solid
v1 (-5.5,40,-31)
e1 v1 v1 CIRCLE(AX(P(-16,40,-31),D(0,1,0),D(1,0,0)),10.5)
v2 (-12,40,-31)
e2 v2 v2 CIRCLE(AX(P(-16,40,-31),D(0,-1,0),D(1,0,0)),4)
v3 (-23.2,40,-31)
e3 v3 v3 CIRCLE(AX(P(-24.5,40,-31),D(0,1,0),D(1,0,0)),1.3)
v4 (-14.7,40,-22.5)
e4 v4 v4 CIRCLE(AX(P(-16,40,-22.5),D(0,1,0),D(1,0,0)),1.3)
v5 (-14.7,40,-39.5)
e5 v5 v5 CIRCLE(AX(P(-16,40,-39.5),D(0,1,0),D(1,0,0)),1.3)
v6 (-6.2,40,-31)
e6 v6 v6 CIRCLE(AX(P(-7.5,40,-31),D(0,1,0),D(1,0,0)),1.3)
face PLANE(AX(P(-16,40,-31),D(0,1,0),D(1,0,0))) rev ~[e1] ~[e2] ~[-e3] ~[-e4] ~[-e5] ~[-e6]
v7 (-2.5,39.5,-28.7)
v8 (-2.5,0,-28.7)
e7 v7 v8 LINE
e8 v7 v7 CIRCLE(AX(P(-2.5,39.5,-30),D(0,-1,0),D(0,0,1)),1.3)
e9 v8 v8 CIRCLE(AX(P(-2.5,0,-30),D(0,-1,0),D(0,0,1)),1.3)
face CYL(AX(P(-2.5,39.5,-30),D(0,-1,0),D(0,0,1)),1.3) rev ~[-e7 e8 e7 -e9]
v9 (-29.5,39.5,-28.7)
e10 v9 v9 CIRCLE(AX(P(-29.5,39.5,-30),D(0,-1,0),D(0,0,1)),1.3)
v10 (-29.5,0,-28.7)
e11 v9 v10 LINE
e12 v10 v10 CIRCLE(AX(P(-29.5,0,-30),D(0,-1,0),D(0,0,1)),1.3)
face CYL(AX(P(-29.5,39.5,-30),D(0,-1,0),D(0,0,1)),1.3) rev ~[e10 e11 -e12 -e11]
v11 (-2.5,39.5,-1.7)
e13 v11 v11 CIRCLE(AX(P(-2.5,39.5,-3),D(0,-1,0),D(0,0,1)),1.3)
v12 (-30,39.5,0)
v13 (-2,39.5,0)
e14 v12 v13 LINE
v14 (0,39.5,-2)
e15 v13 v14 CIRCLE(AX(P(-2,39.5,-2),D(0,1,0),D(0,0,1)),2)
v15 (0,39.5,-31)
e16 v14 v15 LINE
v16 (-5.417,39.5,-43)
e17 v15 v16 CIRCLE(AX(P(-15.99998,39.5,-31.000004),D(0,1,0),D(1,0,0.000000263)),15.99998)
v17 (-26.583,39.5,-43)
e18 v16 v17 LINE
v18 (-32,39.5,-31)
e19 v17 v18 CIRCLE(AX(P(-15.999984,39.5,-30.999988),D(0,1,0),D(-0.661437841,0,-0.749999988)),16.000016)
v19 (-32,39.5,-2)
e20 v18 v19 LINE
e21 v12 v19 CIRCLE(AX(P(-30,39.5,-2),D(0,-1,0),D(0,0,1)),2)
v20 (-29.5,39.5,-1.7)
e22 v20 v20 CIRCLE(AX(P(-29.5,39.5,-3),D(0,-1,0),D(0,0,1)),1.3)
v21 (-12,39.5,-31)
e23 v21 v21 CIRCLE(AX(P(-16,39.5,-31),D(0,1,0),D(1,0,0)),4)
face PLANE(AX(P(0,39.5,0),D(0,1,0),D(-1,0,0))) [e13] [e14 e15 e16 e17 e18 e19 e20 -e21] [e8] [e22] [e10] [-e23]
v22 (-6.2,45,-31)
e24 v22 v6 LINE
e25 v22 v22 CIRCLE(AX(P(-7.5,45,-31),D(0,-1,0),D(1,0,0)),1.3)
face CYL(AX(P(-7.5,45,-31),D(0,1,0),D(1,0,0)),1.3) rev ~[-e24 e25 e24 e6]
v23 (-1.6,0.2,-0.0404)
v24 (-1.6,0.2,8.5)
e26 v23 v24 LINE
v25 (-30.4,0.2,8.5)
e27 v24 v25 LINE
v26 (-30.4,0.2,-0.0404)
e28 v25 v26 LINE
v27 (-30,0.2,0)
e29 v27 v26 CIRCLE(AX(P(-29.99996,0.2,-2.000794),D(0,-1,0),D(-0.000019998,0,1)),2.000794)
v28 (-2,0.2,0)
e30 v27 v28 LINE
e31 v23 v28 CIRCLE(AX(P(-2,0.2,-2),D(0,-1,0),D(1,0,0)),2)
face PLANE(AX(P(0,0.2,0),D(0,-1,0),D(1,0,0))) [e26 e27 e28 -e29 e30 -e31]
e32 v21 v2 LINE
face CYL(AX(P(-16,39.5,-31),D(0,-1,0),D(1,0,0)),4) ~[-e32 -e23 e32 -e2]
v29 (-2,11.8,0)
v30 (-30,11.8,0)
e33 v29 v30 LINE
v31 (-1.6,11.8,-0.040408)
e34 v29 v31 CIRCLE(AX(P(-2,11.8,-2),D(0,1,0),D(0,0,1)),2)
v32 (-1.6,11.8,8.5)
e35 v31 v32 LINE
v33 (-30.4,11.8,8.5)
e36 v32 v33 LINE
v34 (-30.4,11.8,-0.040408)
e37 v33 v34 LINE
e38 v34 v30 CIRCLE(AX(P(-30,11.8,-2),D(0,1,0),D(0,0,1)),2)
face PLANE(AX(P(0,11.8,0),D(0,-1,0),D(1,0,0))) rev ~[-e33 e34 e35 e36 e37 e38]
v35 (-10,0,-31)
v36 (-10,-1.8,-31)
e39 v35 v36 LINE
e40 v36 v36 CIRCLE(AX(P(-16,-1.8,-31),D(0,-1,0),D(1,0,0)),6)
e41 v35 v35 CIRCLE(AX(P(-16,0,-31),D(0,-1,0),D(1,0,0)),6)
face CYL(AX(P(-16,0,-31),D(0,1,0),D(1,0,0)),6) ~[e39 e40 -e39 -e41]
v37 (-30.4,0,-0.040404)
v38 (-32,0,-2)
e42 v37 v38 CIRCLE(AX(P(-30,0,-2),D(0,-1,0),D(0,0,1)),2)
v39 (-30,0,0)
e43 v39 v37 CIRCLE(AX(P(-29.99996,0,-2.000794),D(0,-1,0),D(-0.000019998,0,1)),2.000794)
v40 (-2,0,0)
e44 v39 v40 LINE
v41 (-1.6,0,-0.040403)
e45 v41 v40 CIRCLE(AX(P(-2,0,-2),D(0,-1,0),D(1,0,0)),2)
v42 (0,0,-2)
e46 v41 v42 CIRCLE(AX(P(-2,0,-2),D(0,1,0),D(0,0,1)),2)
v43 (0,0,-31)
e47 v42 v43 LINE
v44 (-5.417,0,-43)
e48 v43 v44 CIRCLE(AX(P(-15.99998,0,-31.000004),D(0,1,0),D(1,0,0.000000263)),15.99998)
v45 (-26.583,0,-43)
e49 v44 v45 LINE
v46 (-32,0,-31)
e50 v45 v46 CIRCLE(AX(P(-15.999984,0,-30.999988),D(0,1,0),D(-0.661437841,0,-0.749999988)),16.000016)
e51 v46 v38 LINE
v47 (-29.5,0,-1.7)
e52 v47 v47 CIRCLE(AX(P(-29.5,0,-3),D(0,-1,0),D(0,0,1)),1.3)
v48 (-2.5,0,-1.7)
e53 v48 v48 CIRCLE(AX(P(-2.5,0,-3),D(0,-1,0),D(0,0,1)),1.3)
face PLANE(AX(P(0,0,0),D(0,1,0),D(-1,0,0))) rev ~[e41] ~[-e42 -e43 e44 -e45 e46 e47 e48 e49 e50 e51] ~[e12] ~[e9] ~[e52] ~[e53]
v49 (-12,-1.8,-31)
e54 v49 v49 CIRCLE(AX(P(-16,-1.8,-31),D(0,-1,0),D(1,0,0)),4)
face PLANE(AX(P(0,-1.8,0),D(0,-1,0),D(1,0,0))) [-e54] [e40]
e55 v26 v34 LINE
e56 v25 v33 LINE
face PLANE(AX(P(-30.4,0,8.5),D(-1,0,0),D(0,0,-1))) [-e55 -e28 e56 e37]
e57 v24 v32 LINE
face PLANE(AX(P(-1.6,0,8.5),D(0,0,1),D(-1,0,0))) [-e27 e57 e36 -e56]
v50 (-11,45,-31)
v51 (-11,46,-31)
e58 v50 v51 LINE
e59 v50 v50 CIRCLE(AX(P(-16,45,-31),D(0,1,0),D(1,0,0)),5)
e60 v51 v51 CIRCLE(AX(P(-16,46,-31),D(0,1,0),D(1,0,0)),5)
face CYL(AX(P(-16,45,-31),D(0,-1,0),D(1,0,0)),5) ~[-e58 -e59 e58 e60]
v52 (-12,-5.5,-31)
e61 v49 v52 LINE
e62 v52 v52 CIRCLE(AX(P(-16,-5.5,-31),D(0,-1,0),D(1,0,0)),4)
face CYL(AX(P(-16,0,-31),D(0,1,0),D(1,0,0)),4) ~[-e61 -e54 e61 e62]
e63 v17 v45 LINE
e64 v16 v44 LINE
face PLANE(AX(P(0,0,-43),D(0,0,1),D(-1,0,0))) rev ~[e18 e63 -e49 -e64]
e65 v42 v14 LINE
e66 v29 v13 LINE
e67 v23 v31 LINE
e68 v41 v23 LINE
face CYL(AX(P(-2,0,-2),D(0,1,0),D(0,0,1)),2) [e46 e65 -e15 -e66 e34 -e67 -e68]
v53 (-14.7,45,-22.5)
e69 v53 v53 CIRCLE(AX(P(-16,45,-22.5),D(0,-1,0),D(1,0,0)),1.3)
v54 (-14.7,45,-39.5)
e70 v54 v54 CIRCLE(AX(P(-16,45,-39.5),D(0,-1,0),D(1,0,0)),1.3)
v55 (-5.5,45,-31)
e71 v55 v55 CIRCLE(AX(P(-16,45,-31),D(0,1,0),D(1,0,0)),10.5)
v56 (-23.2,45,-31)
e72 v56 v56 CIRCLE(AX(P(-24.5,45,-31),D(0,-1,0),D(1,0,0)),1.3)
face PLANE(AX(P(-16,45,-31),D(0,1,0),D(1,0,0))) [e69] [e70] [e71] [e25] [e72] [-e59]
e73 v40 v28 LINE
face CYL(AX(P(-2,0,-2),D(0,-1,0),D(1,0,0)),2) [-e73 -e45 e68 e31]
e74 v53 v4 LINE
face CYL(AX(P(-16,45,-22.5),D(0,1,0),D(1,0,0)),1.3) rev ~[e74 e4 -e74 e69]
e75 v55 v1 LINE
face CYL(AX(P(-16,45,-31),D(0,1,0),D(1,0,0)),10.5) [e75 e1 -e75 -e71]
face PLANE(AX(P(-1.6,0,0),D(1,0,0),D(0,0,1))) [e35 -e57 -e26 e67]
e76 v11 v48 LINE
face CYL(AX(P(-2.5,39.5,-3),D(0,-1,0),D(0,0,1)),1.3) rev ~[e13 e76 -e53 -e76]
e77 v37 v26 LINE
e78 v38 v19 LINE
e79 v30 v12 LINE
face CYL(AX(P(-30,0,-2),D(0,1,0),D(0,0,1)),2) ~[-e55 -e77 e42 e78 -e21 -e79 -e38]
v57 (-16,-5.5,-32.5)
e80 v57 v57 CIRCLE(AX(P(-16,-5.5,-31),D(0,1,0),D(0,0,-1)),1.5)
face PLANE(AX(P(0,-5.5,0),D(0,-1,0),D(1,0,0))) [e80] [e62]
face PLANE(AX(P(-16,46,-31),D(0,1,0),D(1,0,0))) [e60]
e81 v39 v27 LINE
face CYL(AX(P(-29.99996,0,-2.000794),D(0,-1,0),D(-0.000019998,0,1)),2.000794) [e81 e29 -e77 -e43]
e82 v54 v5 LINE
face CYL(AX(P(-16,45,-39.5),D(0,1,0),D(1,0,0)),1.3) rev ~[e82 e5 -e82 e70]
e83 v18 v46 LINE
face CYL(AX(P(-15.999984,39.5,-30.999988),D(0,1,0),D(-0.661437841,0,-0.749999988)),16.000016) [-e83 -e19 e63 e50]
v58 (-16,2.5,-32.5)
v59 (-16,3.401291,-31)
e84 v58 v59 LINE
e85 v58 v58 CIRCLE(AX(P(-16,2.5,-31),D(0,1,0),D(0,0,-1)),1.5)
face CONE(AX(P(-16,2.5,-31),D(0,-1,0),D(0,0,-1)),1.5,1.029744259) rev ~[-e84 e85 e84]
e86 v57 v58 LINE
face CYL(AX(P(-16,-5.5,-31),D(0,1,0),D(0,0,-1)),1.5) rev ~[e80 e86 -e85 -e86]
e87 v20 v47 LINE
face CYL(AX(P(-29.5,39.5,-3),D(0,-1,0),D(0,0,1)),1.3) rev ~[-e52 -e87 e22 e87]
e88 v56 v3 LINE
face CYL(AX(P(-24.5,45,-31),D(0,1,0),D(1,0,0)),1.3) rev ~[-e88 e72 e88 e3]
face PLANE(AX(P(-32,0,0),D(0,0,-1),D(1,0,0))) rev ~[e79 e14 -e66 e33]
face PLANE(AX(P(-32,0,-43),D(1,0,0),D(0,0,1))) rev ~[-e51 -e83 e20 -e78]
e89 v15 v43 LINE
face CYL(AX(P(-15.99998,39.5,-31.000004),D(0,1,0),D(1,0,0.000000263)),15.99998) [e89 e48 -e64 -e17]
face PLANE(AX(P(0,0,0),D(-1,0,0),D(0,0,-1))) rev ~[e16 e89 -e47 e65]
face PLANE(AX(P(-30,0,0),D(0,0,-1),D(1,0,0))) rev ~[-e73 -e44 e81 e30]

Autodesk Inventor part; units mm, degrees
ref_plane "YZ Plane" through (0, 0, 0) normal (1, 0, 0) x (0, 1, 0)
ref_plane "XZ Plane" through (0, 0, 0) normal (0, 1, 0) x (-1, 0, 0)
ref_plane "XY Plane" through (0, 0, 0) normal (0, 0, 1) x (1, 0, 0)
sketch "スケッチ1" plane through (0, 0, 0) normal (0, 1, 0) x (-1, 0, 0)
  line L0 (0, 0) -> (0, -43)
  line L1 (0, -43) -> (32, -43)
  line L2 (32, -43) -> (32, 0)
  line L3 (32, 0) -> (0, 0)
  dimension "d0" = 43
  dimension "d1" = 32
extrude "押し出し1" add sketch "スケッチ1" along normal blind 39.5
fillet "フィレット1" radius 2 2 edges at (-32, 19.75, 0) (0, 19.75, 0)
sketch "スケッチ2" plane through (0, 39.5, 0) normal (0, 1, 0) x (1, 0, 0)
  line L0 (0, 43) -> (-32, 43) projected
  line L1 (-16, 43) -> (-16, 0)
  line L2 (-30, 0) -> (-2, 0) projected
  line L3 (-16, 21.5) -> (-16, 3)
  line L4 (-16, 3) -> (-2.5, 3)
  line L5 (0, 2) -> (0, 43) projected
  line L6 (-16, 3) -> (-29.5, 3)
  line L7 (-29.5, 3) -> (-29.5, 30)
  point P0 (0, 0)
  point P1 (-2.5, 30)
  dimension "d5" = 18.5
  dimension "d6" = 13.5
  dimension "d7" = 13.5
  dimension "d8" = 27
hole "穴1" at (-2.5, 39.5, -3) at (-29.5, 39.5, -3) at (-29.5, 39.5, -30) at (-2.5, 39.5, -30) direction (0, -1, 0) diameter 2.6 end through all
sketch "スケッチ3" plane through (0, 39.5, 0) normal (0, 1, 0) x (1, 0, 0)
  line L0 (0, 43) -> (-32, 43) projected
  line L1 (-16, 43) -> (-16, 0)
  line L2 (-16, 21.5) -> (-16, 31)
  line L3 (-32, 43) -> (-32, 2) projected
  line L4 (-32, 31) -> (-32, 43)
  line L5 (-32, 43) -> (-26.583, 43)
  line L6 (0, 2) -> (0, 43) projected
  line L7 (0, 31) -> (0, 43)
  line L8 (0, 43) -> (-5.417, 43)
  arc A0 (-26.583, 43) -> (-32, 31) centre (-16, 31) ccw
  arc A1 (0, 31) -> (-5.417, 43) centre (-16, 31) ccw
  point P0 (0, 0)
  dimension "d16" = 9.5
extrude "押し出し2" cut sketch "スケッチ3" against normal blind 39.5
sketch "スケッチ4" plane through (0, 39.5, 0) normal (0, 1, 0) x (1, 0, 0)
  arc A0 (-26.583, 43) -> (-32, 31) centre (-16, 31) ccw projected
  circle A1 centre (-16, 31) radius 4
  point P0 (0, 0)
  dimension "d20" = 8
extrude "押し出し3" add sketch "スケッチ4" along normal blind 5
sketch "スケッチ5" plane through (0, 0, 0) normal (0, -1, 0) x (1, 0, 0)
  circle A0 centre (-16, -31) radius 4 projected
  circle A1 centre (-16, -31) radius 4
  point P0 (0, 0)
extrude "押し出し4" add sketch "スケッチ5" along normal blind 5.5
sketch "スケッチ6" plane through (0, 0, 0) normal (0, -1, 0) x (1, 0, 0)
  line L0 (-30, 0) -> (-2, 0) projected
  line L1 (-16, 0) -> (-1.6, 0)
  line L2 (-1.6, 0) -> (-1.6, 8.5)
  line L3 (-1.6, 0) -> (6.9, 0) construction
  line L4 (-1.6, 8.5) -> (-30.4, 8.5)
  line L5 (-30.4, 8.5) -> (-30.4, -0.1236)
  line L6 (-30.4, -0.1236) -> (-1.6, -0.1236)
  line L7 (-1.6, -0.1236) -> (-1.6, 0)
  point P0 (0, 0)
  dimension "d25" = 14.4
  dimension "d26" = 8.5
  dimension "d27" = 90
  dimension "d28" = 28.8
extrude "押し出し5" add sketch "スケッチ6" against normal blind 11.8
sketch "スケッチ7" plane through (0, 0, 0) normal (0, -1, 0) x (1, 0, 0)
  arc A0 (0, -2) -> (-2, 0) centre (-2, -2) ccw projected
  arc A1 (-1.6, -0.0404) -> (-2, 0) centre (-2, -2) ccw
  arc A2 (-30.4, -0.0404) -> (-32, -2) centre (-30, -2) ccw projected
  arc A3 (-30, 0) -> (-30.4, -0.0404) centre (-30, -2) ccw
  line L0 (-1.6, -0.0404) -> (-1.6, 8.5)
  line L1 (-1.6, 8.5) -> (-30.4, 8.5)
  line L2 (-30.4, 8.5) -> (-1.6, 8.5) projected
  line L3 (-30.4, 8.5) -> (-30.4, -0.0404)
  line L4 (-30, 0) -> (-2, 0)
  arc A4 (-30, 0) -> (-30.4, -0.0404) centre (-30, -2) ccw projected
  point P0 (0, 0)
extrude "押し出し6" cut sketch "スケッチ7" against normal blind 0.2
thread "ねじ1" size "M2.6x0.45" class "6H" standard "ANSI Metric M Profile" full length
thread "ねじ2" size "M2.6x0.45" class "6H" standard "ANSI Metric M Profile" full length
thread "ねじ3" size "M2.6x0.45" class "6H" standard "ANSI Metric M Profile" full length
thread "ねじ4" size "M2.6x0.45" class "6H" standard "ANSI Metric M Profile" full length
sketch "スケッチ12" plane through (-16, 45, -31) normal (0, 1, 0) x (1, 0, 0)
  circle A0 centre (0, 0) radius 10.5
  point P0 (16, -31)
  dimension "d66" = 21
extrude "押し出し9" add sketch "スケッチ12" against normal blind 5
sketch "スケッチ13" plane through (-16, 45, -31) normal (0, 1, 0) x (1, 0, 0)
  circle A0 centre (0, 0) radius 5
  point P0 (16, -31)
  dimension "d69" = 10
extrude "押し出し10" add sketch "スケッチ13" along normal blind 1
sketch "スケッチ14" plane through (-16, 45, -31) normal (0, 1, 0) x (1, 0, 0)
  circle A0 centre (0, 0) radius 8.5
  circle A1 centre (0, 8.5) radius 1.3
  circle A2 centre (-8.5, 0) radius 1.3
  circle A3 centre (8.5, 0) radius 1.3
  circle A4 centre (0, -8.5) radius 1.3
  point P0 (16, -31)
  dimension "d72" = 17
  dimension "d73" = 2.6
  dimension "d74" = 2.6
  dimension "d75" = 2.6
  dimension "d76" = 2.6
extrude "押し出し11" cut sketch "スケッチ14" against normal blind 5 contours A0 A3 | A0 A3 | A1 A0 | A0 A1 | A4 A0 | A0 A4 | A2 A0 | A0 A2
thread "ねじ9" size "M2.6x0.45" class "6H" standard "ANSI Metric M Profile" full length
thread "ねじ10" size "M2.6x0.45" class "6H" standard "ANSI Metric M Profile" full length
thread "ねじ11" size "M2.6x0.45" class "6H" standard "ANSI Metric M Profile" full length
thread "ねじ12" size "M2.6x0.45" class "6H" standard "ANSI Metric M Profile" full length
sketch "スケッチ15" plane through (0, 0, 0) normal (0, -1, 0) x (1, 0, 0)
  circle A0 centre (-16, -31) radius 4 projected
  circle A1 centre (-16, -31) radius 6
  point P0 (0, 0)
  dimension "d87" = 12
extrude "押し出し12" add sketch "スケッチ15" along normal blind 1.8
sketch "スケッチ16" plane through (-16, -5.5, -31) normal (0, -1, 0) x (1, 0, 0)
  point P0 (16, 31)
  point P1 (0, 0)
hole "穴3" at (-16, -5.5, -31) direction (0, 1, 0) diameter 3 depth 8 tip angle 118
thread "ねじ13" size "M3x0.5" class "6H" standard "ANSI Metric M Profile" full length
properties part number "B3M11xx" material "アルミニウム 2014-T4"
